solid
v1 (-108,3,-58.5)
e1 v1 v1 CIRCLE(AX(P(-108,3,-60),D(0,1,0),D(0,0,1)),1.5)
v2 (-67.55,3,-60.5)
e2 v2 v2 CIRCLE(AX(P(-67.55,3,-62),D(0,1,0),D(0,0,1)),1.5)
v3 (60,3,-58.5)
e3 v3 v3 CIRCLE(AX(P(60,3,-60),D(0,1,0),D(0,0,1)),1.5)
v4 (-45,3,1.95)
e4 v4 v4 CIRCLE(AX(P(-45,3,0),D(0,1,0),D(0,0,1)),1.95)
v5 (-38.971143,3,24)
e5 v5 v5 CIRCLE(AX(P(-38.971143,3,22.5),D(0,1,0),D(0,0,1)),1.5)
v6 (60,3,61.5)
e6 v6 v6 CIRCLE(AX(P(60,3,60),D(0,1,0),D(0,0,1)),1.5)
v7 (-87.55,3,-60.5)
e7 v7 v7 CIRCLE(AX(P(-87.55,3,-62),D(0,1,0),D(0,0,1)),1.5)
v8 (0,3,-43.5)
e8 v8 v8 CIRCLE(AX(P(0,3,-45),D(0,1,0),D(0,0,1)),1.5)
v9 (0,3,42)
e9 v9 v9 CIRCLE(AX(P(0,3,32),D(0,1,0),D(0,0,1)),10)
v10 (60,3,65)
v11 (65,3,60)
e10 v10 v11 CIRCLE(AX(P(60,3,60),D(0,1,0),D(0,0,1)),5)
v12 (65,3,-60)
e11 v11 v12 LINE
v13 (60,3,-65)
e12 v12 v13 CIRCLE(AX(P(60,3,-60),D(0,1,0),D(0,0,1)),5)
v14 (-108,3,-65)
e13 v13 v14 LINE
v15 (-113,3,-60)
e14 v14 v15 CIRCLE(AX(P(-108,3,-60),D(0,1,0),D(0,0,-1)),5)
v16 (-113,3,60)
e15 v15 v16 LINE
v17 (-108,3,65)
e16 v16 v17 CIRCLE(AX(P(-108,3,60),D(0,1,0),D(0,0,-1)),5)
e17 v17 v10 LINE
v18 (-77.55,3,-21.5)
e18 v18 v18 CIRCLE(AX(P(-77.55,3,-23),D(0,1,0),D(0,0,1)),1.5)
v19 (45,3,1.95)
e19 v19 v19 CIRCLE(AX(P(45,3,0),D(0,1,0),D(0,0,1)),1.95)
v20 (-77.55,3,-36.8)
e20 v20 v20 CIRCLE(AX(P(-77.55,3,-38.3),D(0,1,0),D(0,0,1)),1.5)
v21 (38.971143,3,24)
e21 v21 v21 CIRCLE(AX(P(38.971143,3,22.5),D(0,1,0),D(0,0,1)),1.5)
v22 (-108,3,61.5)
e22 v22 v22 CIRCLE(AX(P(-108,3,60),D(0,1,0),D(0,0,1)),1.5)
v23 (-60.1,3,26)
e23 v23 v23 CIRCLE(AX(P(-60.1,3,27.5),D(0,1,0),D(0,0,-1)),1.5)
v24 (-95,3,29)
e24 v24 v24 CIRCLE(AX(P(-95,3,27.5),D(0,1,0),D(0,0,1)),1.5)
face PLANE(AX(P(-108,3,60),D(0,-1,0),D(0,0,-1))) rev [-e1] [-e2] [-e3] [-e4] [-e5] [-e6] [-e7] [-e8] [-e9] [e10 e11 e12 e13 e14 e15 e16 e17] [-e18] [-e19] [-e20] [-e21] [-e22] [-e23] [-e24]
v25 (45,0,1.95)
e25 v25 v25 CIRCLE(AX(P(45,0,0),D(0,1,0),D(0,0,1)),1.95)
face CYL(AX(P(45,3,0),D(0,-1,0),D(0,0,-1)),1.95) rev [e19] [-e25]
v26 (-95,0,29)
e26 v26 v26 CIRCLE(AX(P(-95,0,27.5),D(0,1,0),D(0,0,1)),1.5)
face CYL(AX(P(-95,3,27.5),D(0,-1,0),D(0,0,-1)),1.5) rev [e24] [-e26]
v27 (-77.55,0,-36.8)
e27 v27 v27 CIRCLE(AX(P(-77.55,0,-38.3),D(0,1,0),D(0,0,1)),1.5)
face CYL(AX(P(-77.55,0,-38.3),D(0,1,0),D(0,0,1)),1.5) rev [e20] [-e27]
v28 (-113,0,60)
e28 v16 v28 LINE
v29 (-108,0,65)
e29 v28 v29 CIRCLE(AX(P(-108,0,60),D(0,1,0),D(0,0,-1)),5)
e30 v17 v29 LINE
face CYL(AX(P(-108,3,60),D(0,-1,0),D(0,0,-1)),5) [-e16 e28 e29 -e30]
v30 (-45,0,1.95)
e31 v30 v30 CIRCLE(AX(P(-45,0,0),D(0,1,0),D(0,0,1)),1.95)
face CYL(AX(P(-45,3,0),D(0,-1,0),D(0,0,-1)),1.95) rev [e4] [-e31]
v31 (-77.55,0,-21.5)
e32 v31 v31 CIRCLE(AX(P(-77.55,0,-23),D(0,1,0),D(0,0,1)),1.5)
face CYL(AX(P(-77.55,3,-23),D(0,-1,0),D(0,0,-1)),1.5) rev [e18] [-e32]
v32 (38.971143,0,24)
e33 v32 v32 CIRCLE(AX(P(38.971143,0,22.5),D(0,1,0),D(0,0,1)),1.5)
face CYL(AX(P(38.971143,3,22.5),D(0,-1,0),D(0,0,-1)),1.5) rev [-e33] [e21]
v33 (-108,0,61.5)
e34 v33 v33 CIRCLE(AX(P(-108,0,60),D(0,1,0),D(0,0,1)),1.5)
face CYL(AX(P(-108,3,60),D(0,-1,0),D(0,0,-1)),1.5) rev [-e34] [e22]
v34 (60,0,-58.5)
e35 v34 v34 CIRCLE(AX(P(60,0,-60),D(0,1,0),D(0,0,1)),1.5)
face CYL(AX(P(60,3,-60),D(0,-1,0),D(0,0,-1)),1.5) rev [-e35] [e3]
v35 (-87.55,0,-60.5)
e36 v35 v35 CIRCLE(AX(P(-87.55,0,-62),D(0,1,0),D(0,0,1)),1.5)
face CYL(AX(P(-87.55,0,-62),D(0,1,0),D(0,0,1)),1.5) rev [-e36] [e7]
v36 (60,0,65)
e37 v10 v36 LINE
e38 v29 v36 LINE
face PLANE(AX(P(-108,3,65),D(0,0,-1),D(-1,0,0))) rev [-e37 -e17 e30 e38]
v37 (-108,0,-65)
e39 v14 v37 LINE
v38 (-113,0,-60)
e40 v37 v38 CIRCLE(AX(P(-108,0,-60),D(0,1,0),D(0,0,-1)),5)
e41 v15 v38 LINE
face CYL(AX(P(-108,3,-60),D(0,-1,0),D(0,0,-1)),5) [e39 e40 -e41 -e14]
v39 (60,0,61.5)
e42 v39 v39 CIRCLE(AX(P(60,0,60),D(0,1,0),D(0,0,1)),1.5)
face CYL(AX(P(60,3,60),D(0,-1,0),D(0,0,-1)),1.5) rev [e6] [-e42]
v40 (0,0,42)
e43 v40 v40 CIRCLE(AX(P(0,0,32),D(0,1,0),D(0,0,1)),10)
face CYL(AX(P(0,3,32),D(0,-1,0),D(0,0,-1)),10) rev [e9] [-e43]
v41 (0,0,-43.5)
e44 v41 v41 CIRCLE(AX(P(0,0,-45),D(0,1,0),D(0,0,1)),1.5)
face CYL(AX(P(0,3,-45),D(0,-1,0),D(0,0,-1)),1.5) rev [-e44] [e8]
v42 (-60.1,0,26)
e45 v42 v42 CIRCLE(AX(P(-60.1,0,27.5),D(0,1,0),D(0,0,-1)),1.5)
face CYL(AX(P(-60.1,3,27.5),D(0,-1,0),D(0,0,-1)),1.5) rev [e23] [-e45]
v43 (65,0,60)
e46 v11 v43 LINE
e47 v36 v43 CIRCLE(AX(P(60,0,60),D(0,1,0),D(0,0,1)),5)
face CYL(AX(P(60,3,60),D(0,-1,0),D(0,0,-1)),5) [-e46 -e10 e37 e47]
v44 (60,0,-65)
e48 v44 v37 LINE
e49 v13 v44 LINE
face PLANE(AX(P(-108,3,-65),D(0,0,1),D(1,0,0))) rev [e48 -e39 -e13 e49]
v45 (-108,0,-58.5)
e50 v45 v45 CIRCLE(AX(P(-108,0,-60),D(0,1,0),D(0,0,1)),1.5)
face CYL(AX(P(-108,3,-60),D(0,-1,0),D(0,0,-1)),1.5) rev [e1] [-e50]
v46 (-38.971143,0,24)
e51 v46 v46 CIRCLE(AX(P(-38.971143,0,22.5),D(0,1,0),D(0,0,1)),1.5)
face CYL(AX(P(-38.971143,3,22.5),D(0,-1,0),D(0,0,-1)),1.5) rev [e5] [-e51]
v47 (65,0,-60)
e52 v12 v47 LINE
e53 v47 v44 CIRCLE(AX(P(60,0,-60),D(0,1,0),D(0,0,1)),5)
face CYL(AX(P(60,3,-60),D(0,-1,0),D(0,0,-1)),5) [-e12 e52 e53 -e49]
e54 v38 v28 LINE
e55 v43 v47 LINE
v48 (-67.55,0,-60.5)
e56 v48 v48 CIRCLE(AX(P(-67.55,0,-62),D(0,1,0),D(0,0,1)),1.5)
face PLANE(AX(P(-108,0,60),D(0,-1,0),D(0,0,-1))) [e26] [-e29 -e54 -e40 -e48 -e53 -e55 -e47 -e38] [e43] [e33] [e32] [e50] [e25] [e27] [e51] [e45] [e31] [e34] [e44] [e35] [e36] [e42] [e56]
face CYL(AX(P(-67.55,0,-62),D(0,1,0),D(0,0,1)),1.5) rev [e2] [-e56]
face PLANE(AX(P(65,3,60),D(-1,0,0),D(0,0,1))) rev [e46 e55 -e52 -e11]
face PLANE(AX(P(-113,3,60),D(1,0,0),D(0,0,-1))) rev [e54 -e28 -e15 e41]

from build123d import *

# Parameters (mm, degrees)
SKETCH_1_R          = 1.5
SKETCH_1_R_2        = 1.95
SKETCH_1_R_3        = 10
EXTRUDE_1_DEPTH     = 3
SKETCH_2_R          = 1.5
CUT_EXTRUDE_1_DEPTH = 131.395552071


with BuildPart() as part:
    # 草图1 → 凸台-拉伸1 (new body)
    with BuildSketch(Plane(origin=(0, 0, 0), x_dir=(1, 0, 0), z_dir=(0, 1, 0))):
        with BuildLine():
            Line((-108, -65), (60, -65))
            ThreePointArc((60, -65), (63.535533906, -63.535533906), (65, -60))
            Line((65, -60), (65, 60))
            ThreePointArc((65, 60), (63.535533906, 63.535533906), (60, 65))
            Line((60, 65), (-108, 65))
            ThreePointArc((-108, 65), (-111.535533906, 63.535533906), (-113, 60))
            Line((-113, 60), (-113, -60))
            ThreePointArc((-113, -60), (-111.535533906, -63.535533906), (-108, -65))
        make_face()
        with Locations(Location((0, 45, 0), (0, 0, 270))):
            Circle(SKETCH_1_R, mode=Mode.SUBTRACT)
        with Locations(Location((-38.97114317, -22.5, 0), (0, 0, 270))):
            Circle(SKETCH_1_R, mode=Mode.SUBTRACT)
        with Locations(Location((38.97114317, -22.5, 0), (0, 0, 270))):
            Circle(SKETCH_1_R, mode=Mode.SUBTRACT)
        with Locations(Location((-45, 0, 0), (0, 0, 270))):
            Circle(SKETCH_1_R_2, mode=Mode.SUBTRACT)
        with Locations(Location((45, 0, 0), (0, 0, 270))):
            Circle(SKETCH_1_R_2, mode=Mode.SUBTRACT)
        with Locations(Location((-95, -27.5, 0), (0, 0, 270))):
            Circle(SKETCH_1_R, mode=Mode.SUBTRACT)
        with Locations(Location((-60.1, -27.5, 0), (0, 0, 90))):
            Circle(SKETCH_1_R, mode=Mode.SUBTRACT)
        with Locations(Location((-77.55, 23, 0), (0, 0, 270))):
            Circle(SKETCH_1_R, mode=Mode.SUBTRACT)
        with Locations(Location((-108, 60, 0), (0, 0, 270))):
            Circle(SKETCH_1_R, mode=Mode.SUBTRACT)
        with Locations(Location((60, 60, 0), (0, 0, 270))):
            Circle(SKETCH_1_R, mode=Mode.SUBTRACT)
        with Locations(Location((60, -60, 0), (0, 0, 270))):
            Circle(SKETCH_1_R, mode=Mode.SUBTRACT)
        with Locations(Location((-108, -60, 0), (0, 0, 270))):
            Circle(SKETCH_1_R, mode=Mode.SUBTRACT)
        with Locations(Location((0, -32, 0), (0, 0, 270))):
            Circle(SKETCH_1_R_3, mode=Mode.SUBTRACT)
    extrude(amount=EXTRUDE_1_DEPTH)

    # 草图2 → 切除-拉伸1 (cut, through all)
    with BuildSketch(Plane(origin=(0, 3, 0), x_dir=(1, 0, 0), z_dir=(0, 1, 0))):
        with Locations(Location((-87.55, 62, 0), (0, 0, 270))):
            Circle(SKETCH_2_R)
        with Locations(Location((-67.55, 62, 0), (0, 0, 270))):
            Circle(SKETCH_2_R)
        with Locations(Location((-77.55, 38.3, 0), (0, 0, 270))):
            Circle(SKETCH_2_R)
    extrude(amount=-CUT_EXTRUDE_1_DEPTH, mode=Mode.SUBTRACT)


solid = part.part
